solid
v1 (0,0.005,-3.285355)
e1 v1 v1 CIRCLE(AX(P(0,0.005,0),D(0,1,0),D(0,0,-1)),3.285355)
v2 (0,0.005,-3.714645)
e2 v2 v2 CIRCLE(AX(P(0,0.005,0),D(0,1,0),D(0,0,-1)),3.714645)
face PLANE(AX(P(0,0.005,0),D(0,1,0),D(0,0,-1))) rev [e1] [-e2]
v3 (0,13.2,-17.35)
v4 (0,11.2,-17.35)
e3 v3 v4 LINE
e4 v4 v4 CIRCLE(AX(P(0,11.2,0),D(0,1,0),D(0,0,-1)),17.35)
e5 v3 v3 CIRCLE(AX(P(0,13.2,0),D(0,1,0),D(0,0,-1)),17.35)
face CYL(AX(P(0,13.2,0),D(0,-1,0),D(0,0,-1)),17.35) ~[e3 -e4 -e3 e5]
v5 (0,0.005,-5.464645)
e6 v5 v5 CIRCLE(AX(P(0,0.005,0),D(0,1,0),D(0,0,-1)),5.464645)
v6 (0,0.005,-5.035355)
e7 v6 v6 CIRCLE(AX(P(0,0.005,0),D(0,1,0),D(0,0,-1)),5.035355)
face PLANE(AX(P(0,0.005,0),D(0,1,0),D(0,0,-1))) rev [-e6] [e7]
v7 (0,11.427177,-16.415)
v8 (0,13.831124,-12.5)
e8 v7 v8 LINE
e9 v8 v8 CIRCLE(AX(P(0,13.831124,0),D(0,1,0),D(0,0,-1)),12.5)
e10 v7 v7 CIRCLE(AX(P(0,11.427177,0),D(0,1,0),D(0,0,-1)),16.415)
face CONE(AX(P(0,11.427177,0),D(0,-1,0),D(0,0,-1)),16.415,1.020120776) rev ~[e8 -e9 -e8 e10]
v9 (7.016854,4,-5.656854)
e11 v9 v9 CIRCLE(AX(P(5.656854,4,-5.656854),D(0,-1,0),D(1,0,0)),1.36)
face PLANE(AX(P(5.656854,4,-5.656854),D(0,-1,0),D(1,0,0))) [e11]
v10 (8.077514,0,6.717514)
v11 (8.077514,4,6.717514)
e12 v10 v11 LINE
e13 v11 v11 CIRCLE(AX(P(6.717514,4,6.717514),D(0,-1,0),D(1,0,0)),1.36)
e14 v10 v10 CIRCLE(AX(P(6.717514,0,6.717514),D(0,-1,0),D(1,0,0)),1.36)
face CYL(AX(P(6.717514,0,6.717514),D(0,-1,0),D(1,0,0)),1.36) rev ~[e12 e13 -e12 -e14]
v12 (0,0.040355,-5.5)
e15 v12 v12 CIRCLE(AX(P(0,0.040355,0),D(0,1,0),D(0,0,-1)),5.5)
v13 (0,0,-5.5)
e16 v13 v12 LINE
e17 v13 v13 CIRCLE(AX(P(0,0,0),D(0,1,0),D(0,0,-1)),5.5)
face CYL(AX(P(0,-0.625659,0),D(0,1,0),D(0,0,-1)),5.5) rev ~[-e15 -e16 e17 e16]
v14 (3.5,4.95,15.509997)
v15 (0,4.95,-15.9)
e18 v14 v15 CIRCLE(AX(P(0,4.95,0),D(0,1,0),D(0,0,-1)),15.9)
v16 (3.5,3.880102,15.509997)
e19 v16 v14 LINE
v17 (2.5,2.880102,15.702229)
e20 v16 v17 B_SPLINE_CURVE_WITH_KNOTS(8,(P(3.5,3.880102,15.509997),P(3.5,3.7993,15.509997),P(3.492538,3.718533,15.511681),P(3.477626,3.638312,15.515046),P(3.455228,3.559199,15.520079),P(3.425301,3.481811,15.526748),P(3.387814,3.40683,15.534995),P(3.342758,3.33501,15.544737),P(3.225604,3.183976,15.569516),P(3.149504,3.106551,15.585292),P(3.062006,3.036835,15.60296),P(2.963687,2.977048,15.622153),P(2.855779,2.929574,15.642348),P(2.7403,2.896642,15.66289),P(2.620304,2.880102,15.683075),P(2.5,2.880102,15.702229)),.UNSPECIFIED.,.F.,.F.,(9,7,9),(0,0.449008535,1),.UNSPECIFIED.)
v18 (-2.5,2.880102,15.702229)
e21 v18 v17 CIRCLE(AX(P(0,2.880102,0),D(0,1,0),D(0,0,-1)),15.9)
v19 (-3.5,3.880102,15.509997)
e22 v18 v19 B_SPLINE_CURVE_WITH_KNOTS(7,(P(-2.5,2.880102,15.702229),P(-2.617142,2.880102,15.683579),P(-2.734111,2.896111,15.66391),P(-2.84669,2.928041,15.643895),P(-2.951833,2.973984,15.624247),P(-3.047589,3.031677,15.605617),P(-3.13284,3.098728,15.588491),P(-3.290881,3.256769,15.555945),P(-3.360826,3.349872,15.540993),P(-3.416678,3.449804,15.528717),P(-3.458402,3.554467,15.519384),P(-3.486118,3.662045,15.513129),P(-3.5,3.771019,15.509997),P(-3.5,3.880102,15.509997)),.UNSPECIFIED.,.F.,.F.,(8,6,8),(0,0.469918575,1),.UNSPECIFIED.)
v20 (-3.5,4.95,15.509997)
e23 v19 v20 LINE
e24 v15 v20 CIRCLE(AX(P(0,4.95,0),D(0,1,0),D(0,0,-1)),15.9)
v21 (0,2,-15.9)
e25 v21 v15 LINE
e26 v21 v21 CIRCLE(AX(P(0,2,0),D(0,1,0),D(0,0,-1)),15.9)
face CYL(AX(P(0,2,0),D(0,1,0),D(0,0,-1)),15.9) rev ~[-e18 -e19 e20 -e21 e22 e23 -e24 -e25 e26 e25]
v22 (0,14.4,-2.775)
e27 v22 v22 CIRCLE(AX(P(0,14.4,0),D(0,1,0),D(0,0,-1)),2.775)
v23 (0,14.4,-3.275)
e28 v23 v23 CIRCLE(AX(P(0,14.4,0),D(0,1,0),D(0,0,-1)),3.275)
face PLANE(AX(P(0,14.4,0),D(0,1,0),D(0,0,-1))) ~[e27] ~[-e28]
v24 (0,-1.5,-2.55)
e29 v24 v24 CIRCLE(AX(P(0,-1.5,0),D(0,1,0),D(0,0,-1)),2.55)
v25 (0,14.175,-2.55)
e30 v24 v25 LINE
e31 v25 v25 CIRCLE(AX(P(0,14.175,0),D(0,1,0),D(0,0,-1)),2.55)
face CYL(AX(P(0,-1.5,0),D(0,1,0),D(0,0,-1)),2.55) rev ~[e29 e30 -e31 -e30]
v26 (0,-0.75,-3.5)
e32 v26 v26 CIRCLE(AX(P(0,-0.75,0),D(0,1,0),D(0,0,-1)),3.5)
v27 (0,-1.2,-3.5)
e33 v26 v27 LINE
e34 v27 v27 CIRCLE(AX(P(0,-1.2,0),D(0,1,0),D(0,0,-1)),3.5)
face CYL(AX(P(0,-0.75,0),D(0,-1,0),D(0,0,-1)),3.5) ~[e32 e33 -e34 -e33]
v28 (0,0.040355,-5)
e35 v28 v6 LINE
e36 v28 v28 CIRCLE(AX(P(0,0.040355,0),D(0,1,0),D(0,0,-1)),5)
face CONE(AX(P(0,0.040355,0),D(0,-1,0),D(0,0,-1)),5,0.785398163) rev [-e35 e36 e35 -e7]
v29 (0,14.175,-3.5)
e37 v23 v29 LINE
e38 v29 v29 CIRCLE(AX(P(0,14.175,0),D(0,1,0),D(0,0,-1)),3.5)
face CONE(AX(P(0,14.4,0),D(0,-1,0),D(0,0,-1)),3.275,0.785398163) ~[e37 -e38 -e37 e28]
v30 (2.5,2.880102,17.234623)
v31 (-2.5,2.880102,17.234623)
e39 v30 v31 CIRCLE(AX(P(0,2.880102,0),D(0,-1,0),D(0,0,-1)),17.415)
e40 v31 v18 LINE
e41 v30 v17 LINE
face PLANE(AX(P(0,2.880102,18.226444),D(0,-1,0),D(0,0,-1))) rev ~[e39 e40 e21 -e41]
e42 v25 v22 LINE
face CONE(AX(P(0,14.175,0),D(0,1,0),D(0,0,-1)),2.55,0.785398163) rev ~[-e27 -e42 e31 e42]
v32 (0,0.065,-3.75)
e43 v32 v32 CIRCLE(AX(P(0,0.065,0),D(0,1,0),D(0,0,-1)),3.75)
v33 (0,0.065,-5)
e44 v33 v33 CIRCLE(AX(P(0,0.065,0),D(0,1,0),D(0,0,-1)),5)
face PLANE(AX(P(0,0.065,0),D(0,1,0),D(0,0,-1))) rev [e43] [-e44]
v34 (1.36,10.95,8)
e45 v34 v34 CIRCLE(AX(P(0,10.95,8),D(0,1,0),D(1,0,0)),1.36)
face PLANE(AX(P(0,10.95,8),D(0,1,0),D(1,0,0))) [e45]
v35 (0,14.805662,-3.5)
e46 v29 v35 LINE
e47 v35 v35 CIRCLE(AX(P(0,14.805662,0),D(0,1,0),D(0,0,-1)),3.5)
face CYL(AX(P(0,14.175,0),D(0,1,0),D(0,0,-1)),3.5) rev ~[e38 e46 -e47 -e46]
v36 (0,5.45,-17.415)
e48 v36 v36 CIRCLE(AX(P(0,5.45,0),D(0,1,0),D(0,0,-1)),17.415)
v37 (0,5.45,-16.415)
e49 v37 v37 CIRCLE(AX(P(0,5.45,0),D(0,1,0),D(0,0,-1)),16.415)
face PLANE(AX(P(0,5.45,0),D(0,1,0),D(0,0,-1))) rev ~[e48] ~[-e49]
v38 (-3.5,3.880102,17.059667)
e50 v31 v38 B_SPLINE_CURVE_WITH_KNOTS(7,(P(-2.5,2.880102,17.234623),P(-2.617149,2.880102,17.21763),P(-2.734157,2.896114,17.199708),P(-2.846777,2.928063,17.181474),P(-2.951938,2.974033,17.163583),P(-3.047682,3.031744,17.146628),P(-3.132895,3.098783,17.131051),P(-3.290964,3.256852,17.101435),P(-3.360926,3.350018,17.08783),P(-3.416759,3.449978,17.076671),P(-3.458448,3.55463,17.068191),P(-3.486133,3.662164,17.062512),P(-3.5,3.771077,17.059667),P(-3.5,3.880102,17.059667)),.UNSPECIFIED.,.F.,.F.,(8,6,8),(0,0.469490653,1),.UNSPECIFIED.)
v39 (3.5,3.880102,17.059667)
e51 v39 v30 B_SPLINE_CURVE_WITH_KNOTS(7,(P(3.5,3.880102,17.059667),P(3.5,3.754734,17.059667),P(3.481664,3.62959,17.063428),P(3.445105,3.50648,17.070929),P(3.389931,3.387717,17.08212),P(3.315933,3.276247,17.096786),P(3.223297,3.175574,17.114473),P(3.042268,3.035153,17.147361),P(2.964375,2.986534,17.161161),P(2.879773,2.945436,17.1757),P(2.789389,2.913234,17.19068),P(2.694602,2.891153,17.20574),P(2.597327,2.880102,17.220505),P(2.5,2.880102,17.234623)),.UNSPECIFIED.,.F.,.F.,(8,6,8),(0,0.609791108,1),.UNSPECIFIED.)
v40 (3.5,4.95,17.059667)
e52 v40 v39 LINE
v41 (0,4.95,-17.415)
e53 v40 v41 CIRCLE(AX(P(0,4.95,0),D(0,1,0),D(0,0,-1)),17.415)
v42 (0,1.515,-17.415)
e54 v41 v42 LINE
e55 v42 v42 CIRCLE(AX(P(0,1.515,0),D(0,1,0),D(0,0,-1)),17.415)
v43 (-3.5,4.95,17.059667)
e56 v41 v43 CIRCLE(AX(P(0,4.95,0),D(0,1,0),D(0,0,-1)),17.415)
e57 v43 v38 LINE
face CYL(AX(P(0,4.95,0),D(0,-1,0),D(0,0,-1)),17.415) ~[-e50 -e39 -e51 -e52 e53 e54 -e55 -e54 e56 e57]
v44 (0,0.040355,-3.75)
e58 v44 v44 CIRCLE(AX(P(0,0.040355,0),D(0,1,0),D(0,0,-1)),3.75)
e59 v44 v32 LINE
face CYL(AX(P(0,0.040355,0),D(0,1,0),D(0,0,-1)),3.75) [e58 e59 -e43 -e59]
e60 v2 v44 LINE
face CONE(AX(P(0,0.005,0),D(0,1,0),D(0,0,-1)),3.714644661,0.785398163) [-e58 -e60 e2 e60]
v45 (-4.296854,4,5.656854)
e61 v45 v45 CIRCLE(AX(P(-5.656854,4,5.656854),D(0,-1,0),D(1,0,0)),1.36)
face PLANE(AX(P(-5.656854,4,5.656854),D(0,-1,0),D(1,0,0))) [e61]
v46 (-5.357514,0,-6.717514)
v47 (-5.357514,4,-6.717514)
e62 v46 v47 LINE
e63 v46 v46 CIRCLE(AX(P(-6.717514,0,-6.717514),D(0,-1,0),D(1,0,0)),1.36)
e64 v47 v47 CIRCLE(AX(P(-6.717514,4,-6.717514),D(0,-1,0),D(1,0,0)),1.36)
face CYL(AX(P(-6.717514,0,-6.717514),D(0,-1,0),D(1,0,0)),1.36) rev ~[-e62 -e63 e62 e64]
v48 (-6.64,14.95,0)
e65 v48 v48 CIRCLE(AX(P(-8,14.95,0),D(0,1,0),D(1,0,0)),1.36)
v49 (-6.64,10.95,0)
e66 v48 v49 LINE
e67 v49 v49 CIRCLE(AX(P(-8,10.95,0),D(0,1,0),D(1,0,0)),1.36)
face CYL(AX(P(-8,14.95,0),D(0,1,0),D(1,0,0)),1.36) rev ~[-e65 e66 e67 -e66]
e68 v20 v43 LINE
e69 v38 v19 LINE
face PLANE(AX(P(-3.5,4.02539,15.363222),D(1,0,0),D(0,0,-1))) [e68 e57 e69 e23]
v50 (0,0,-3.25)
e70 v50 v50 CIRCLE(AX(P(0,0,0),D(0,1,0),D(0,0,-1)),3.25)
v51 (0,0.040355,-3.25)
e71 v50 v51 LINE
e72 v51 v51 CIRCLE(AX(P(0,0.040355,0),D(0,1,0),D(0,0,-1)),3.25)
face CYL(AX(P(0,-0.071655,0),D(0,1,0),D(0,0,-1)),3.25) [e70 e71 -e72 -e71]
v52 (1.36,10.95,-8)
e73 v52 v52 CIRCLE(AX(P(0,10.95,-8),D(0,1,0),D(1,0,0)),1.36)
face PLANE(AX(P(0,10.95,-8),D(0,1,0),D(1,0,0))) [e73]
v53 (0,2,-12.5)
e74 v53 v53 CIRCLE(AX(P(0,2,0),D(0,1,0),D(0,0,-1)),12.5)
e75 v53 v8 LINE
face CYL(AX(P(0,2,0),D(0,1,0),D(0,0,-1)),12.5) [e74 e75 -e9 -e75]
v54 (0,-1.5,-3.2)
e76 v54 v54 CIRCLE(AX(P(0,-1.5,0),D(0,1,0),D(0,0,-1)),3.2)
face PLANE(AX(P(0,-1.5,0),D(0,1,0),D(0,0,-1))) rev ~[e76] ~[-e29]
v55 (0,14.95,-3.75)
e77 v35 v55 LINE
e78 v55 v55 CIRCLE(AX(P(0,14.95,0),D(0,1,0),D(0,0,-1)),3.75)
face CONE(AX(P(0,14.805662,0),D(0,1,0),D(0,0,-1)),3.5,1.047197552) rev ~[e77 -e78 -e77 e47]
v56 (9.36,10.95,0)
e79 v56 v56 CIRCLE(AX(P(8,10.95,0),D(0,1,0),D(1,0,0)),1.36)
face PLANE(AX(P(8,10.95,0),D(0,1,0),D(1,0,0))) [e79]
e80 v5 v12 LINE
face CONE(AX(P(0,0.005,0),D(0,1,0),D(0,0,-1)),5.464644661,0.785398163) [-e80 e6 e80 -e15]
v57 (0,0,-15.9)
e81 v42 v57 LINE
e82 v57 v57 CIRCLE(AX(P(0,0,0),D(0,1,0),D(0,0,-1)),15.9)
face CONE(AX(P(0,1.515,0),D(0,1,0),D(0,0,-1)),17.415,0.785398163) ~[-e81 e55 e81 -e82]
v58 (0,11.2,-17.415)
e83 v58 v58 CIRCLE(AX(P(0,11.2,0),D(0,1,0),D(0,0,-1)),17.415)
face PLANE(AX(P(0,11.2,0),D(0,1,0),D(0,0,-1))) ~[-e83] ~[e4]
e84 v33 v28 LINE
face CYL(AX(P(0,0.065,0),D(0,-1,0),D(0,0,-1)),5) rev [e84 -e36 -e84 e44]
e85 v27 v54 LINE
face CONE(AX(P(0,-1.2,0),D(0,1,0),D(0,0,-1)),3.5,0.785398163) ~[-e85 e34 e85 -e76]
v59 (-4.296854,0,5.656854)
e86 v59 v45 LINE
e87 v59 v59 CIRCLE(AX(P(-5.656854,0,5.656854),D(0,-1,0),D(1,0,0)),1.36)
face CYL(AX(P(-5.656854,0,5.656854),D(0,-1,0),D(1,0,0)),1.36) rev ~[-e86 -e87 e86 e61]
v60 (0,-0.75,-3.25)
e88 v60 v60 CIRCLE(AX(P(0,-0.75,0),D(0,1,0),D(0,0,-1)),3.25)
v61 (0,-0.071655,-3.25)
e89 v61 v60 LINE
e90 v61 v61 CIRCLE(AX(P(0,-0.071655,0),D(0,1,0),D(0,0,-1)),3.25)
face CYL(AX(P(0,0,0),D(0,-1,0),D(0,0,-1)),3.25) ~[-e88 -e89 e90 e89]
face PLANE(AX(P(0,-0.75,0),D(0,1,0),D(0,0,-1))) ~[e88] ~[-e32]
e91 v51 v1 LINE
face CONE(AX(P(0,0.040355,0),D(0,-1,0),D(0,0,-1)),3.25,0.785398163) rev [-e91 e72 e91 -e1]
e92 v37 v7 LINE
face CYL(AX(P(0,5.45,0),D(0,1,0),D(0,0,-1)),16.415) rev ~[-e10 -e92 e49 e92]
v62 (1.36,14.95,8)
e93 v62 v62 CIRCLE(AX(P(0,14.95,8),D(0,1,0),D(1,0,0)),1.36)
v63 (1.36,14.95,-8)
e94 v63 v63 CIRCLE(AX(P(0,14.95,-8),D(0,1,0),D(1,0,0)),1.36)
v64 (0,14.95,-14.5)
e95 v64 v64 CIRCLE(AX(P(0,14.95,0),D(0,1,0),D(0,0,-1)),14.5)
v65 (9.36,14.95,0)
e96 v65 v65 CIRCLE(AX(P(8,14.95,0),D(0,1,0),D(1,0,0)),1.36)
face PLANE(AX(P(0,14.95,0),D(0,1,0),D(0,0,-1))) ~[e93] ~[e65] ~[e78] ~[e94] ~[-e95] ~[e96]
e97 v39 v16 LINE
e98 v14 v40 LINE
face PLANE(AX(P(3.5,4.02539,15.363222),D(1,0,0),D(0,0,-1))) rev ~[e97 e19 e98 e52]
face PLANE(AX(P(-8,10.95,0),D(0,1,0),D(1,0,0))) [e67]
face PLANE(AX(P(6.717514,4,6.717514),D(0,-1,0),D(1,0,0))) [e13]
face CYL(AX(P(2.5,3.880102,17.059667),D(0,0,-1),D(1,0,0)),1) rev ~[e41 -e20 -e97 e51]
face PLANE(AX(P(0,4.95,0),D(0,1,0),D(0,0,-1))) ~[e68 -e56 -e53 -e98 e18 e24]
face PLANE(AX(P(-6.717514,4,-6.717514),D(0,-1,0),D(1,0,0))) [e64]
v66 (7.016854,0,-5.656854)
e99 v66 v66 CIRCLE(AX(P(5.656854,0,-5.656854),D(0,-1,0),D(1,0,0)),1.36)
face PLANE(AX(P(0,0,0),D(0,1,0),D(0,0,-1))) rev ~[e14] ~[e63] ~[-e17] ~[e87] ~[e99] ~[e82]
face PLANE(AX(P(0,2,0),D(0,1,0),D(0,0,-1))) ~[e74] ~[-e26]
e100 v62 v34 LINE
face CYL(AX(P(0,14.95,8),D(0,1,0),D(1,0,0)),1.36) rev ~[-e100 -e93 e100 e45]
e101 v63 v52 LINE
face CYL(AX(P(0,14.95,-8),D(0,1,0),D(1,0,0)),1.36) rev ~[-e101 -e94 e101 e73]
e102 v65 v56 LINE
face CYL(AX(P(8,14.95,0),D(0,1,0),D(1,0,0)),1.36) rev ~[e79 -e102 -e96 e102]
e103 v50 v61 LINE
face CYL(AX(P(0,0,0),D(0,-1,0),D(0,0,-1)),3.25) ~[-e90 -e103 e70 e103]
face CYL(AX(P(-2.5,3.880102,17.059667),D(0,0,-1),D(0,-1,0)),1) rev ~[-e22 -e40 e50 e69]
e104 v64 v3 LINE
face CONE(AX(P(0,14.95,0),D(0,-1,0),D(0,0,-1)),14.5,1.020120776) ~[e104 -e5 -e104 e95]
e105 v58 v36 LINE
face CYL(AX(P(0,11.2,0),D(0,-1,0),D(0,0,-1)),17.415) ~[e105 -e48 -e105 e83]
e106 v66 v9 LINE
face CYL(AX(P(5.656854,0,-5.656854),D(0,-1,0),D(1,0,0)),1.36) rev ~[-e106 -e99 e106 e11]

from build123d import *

# Parameters (mm, degrees)
SKETCH4_R          = 1.36
CUT_EXTRUDE1_DEPTH = 4
SKETCH5_R          = 1.36
CUT_EXTRUDE2_DEPTH = 4
SKETCH6_W          = 5.726444475
SKETCH6_H          = 2.29057779
CUT_EXTRUDE3_DEPTH = 3.5
FILLET1_R          = 1


with BuildPart() as part:
    # Sketch1 → Revolve1 (revolve)
    with BuildSketch(Plane(origin=(0, 0, 0), x_dir=(0, 0, -1), z_dir=(1, 0, 0))):
        Polygon((15.9, 0), (3.25, 0), (3.25, -0.75), (3.5, -0.75), (3.5, -1.2), (3.2, -1.5), (2.55, -1.5), (2.55, 14.175), (2.775, 14.4), (3.275, 14.4), (3.5, 14.175), (3.5, 14.805662433), (3.75, 14.95), (14.5, 14.95), (17.35, 13.2), (17.35, 11.2), (17.415, 11.2), (17.415, 5.45), (16.415, 5.45), (16.415, 11.42717663), (12.5, 13.831123999), (12.5, 4.95), (12.5, 2), (15.9, 2), (15.9, 4.95), (17.415, 4.95), (17.415, 1.515), align=None)
    revolve(axis=Axis((0, 0, 0), (0, 1, 0)))

    # Sketch3 → Cut-Revolve1 (revolve, cut)
    with BuildSketch(Plane(origin=(0, 0, 0), x_dir=(0, 0, -1), z_dir=(1, 0, 0))):
        Polygon((5.5, 0), (5.5, -0.625659235), (3.25, -0.071654916), (3.25, 0.040355339), (3.285355339, 0.005), (3.714644661, 0.005), (3.75, 0.040355339), (3.75, 0.065), (5, 0.065), (5, 0.040355339), (5.035355339, 0.005), (5.464644661, 0.005), (5.5, 0.040355339), align=None)
    revolve(axis=Axis((0, 0, 0), (0, 1, 0)), mode=Mode.SUBTRACT)

    # Sketch4 → Cut-Extrude1 (cut)
    with BuildSketch(Plane(origin=(0, 14.95, 0), x_dir=(1, 0, 0), z_dir=(0, 1, 0))):
        with Locations((0, 8)):
            Circle(SKETCH4_R)
        with Locations((8, 0)):
            Circle(SKETCH4_R)
        with Locations((0, -8)):
            Circle(SKETCH4_R)
        with Locations((-8, 0)):
            Circle(SKETCH4_R)
    extrude(amount=-CUT_EXTRUDE1_DEPTH, mode=Mode.SUBTRACT)

    # Sketch5 → Cut-Extrude2 (cut)
    with BuildSketch(Plane.XZ):
        with Locations((-6.717514421, -6.717514421)):
            Circle(SKETCH5_R)
        with Locations((5.656854249, -5.656854249)):
            Circle(SKETCH5_R)
        with Locations((-5.656854249, 5.656854249)):
            Circle(SKETCH5_R)
        with Locations((6.717514421, 6.717514421)):
            Circle(SKETCH5_R)
    extrude(amount=-CUT_EXTRUDE2_DEPTH, mode=Mode.SUBTRACT)

    # Sketch6 → Cut-Extrude3 (cut, symmetric)
    with BuildSketch(Plane(origin=(0, 0, 0), x_dir=(0, 0, -1), z_dir=(1, 0, 0))):
        with Locations((-15.363222238, 4.025390462)):
            Rectangle(SKETCH6_W, SKETCH6_H)
    extrude(amount=CUT_EXTRUDE3_DEPTH, both=True, mode=Mode.SUBTRACT)

    # Fillet1
    fillet1_edges = [part.edges().sort_by_distance(p)[0] for p in [
        (-3.5, 2.880101567, 16.284831695),
        (3.5, 2.880101567, 16.284831695),
    ]]
    fillet(fillet1_edges, radius=FILLET1_R)


solid = part.part
